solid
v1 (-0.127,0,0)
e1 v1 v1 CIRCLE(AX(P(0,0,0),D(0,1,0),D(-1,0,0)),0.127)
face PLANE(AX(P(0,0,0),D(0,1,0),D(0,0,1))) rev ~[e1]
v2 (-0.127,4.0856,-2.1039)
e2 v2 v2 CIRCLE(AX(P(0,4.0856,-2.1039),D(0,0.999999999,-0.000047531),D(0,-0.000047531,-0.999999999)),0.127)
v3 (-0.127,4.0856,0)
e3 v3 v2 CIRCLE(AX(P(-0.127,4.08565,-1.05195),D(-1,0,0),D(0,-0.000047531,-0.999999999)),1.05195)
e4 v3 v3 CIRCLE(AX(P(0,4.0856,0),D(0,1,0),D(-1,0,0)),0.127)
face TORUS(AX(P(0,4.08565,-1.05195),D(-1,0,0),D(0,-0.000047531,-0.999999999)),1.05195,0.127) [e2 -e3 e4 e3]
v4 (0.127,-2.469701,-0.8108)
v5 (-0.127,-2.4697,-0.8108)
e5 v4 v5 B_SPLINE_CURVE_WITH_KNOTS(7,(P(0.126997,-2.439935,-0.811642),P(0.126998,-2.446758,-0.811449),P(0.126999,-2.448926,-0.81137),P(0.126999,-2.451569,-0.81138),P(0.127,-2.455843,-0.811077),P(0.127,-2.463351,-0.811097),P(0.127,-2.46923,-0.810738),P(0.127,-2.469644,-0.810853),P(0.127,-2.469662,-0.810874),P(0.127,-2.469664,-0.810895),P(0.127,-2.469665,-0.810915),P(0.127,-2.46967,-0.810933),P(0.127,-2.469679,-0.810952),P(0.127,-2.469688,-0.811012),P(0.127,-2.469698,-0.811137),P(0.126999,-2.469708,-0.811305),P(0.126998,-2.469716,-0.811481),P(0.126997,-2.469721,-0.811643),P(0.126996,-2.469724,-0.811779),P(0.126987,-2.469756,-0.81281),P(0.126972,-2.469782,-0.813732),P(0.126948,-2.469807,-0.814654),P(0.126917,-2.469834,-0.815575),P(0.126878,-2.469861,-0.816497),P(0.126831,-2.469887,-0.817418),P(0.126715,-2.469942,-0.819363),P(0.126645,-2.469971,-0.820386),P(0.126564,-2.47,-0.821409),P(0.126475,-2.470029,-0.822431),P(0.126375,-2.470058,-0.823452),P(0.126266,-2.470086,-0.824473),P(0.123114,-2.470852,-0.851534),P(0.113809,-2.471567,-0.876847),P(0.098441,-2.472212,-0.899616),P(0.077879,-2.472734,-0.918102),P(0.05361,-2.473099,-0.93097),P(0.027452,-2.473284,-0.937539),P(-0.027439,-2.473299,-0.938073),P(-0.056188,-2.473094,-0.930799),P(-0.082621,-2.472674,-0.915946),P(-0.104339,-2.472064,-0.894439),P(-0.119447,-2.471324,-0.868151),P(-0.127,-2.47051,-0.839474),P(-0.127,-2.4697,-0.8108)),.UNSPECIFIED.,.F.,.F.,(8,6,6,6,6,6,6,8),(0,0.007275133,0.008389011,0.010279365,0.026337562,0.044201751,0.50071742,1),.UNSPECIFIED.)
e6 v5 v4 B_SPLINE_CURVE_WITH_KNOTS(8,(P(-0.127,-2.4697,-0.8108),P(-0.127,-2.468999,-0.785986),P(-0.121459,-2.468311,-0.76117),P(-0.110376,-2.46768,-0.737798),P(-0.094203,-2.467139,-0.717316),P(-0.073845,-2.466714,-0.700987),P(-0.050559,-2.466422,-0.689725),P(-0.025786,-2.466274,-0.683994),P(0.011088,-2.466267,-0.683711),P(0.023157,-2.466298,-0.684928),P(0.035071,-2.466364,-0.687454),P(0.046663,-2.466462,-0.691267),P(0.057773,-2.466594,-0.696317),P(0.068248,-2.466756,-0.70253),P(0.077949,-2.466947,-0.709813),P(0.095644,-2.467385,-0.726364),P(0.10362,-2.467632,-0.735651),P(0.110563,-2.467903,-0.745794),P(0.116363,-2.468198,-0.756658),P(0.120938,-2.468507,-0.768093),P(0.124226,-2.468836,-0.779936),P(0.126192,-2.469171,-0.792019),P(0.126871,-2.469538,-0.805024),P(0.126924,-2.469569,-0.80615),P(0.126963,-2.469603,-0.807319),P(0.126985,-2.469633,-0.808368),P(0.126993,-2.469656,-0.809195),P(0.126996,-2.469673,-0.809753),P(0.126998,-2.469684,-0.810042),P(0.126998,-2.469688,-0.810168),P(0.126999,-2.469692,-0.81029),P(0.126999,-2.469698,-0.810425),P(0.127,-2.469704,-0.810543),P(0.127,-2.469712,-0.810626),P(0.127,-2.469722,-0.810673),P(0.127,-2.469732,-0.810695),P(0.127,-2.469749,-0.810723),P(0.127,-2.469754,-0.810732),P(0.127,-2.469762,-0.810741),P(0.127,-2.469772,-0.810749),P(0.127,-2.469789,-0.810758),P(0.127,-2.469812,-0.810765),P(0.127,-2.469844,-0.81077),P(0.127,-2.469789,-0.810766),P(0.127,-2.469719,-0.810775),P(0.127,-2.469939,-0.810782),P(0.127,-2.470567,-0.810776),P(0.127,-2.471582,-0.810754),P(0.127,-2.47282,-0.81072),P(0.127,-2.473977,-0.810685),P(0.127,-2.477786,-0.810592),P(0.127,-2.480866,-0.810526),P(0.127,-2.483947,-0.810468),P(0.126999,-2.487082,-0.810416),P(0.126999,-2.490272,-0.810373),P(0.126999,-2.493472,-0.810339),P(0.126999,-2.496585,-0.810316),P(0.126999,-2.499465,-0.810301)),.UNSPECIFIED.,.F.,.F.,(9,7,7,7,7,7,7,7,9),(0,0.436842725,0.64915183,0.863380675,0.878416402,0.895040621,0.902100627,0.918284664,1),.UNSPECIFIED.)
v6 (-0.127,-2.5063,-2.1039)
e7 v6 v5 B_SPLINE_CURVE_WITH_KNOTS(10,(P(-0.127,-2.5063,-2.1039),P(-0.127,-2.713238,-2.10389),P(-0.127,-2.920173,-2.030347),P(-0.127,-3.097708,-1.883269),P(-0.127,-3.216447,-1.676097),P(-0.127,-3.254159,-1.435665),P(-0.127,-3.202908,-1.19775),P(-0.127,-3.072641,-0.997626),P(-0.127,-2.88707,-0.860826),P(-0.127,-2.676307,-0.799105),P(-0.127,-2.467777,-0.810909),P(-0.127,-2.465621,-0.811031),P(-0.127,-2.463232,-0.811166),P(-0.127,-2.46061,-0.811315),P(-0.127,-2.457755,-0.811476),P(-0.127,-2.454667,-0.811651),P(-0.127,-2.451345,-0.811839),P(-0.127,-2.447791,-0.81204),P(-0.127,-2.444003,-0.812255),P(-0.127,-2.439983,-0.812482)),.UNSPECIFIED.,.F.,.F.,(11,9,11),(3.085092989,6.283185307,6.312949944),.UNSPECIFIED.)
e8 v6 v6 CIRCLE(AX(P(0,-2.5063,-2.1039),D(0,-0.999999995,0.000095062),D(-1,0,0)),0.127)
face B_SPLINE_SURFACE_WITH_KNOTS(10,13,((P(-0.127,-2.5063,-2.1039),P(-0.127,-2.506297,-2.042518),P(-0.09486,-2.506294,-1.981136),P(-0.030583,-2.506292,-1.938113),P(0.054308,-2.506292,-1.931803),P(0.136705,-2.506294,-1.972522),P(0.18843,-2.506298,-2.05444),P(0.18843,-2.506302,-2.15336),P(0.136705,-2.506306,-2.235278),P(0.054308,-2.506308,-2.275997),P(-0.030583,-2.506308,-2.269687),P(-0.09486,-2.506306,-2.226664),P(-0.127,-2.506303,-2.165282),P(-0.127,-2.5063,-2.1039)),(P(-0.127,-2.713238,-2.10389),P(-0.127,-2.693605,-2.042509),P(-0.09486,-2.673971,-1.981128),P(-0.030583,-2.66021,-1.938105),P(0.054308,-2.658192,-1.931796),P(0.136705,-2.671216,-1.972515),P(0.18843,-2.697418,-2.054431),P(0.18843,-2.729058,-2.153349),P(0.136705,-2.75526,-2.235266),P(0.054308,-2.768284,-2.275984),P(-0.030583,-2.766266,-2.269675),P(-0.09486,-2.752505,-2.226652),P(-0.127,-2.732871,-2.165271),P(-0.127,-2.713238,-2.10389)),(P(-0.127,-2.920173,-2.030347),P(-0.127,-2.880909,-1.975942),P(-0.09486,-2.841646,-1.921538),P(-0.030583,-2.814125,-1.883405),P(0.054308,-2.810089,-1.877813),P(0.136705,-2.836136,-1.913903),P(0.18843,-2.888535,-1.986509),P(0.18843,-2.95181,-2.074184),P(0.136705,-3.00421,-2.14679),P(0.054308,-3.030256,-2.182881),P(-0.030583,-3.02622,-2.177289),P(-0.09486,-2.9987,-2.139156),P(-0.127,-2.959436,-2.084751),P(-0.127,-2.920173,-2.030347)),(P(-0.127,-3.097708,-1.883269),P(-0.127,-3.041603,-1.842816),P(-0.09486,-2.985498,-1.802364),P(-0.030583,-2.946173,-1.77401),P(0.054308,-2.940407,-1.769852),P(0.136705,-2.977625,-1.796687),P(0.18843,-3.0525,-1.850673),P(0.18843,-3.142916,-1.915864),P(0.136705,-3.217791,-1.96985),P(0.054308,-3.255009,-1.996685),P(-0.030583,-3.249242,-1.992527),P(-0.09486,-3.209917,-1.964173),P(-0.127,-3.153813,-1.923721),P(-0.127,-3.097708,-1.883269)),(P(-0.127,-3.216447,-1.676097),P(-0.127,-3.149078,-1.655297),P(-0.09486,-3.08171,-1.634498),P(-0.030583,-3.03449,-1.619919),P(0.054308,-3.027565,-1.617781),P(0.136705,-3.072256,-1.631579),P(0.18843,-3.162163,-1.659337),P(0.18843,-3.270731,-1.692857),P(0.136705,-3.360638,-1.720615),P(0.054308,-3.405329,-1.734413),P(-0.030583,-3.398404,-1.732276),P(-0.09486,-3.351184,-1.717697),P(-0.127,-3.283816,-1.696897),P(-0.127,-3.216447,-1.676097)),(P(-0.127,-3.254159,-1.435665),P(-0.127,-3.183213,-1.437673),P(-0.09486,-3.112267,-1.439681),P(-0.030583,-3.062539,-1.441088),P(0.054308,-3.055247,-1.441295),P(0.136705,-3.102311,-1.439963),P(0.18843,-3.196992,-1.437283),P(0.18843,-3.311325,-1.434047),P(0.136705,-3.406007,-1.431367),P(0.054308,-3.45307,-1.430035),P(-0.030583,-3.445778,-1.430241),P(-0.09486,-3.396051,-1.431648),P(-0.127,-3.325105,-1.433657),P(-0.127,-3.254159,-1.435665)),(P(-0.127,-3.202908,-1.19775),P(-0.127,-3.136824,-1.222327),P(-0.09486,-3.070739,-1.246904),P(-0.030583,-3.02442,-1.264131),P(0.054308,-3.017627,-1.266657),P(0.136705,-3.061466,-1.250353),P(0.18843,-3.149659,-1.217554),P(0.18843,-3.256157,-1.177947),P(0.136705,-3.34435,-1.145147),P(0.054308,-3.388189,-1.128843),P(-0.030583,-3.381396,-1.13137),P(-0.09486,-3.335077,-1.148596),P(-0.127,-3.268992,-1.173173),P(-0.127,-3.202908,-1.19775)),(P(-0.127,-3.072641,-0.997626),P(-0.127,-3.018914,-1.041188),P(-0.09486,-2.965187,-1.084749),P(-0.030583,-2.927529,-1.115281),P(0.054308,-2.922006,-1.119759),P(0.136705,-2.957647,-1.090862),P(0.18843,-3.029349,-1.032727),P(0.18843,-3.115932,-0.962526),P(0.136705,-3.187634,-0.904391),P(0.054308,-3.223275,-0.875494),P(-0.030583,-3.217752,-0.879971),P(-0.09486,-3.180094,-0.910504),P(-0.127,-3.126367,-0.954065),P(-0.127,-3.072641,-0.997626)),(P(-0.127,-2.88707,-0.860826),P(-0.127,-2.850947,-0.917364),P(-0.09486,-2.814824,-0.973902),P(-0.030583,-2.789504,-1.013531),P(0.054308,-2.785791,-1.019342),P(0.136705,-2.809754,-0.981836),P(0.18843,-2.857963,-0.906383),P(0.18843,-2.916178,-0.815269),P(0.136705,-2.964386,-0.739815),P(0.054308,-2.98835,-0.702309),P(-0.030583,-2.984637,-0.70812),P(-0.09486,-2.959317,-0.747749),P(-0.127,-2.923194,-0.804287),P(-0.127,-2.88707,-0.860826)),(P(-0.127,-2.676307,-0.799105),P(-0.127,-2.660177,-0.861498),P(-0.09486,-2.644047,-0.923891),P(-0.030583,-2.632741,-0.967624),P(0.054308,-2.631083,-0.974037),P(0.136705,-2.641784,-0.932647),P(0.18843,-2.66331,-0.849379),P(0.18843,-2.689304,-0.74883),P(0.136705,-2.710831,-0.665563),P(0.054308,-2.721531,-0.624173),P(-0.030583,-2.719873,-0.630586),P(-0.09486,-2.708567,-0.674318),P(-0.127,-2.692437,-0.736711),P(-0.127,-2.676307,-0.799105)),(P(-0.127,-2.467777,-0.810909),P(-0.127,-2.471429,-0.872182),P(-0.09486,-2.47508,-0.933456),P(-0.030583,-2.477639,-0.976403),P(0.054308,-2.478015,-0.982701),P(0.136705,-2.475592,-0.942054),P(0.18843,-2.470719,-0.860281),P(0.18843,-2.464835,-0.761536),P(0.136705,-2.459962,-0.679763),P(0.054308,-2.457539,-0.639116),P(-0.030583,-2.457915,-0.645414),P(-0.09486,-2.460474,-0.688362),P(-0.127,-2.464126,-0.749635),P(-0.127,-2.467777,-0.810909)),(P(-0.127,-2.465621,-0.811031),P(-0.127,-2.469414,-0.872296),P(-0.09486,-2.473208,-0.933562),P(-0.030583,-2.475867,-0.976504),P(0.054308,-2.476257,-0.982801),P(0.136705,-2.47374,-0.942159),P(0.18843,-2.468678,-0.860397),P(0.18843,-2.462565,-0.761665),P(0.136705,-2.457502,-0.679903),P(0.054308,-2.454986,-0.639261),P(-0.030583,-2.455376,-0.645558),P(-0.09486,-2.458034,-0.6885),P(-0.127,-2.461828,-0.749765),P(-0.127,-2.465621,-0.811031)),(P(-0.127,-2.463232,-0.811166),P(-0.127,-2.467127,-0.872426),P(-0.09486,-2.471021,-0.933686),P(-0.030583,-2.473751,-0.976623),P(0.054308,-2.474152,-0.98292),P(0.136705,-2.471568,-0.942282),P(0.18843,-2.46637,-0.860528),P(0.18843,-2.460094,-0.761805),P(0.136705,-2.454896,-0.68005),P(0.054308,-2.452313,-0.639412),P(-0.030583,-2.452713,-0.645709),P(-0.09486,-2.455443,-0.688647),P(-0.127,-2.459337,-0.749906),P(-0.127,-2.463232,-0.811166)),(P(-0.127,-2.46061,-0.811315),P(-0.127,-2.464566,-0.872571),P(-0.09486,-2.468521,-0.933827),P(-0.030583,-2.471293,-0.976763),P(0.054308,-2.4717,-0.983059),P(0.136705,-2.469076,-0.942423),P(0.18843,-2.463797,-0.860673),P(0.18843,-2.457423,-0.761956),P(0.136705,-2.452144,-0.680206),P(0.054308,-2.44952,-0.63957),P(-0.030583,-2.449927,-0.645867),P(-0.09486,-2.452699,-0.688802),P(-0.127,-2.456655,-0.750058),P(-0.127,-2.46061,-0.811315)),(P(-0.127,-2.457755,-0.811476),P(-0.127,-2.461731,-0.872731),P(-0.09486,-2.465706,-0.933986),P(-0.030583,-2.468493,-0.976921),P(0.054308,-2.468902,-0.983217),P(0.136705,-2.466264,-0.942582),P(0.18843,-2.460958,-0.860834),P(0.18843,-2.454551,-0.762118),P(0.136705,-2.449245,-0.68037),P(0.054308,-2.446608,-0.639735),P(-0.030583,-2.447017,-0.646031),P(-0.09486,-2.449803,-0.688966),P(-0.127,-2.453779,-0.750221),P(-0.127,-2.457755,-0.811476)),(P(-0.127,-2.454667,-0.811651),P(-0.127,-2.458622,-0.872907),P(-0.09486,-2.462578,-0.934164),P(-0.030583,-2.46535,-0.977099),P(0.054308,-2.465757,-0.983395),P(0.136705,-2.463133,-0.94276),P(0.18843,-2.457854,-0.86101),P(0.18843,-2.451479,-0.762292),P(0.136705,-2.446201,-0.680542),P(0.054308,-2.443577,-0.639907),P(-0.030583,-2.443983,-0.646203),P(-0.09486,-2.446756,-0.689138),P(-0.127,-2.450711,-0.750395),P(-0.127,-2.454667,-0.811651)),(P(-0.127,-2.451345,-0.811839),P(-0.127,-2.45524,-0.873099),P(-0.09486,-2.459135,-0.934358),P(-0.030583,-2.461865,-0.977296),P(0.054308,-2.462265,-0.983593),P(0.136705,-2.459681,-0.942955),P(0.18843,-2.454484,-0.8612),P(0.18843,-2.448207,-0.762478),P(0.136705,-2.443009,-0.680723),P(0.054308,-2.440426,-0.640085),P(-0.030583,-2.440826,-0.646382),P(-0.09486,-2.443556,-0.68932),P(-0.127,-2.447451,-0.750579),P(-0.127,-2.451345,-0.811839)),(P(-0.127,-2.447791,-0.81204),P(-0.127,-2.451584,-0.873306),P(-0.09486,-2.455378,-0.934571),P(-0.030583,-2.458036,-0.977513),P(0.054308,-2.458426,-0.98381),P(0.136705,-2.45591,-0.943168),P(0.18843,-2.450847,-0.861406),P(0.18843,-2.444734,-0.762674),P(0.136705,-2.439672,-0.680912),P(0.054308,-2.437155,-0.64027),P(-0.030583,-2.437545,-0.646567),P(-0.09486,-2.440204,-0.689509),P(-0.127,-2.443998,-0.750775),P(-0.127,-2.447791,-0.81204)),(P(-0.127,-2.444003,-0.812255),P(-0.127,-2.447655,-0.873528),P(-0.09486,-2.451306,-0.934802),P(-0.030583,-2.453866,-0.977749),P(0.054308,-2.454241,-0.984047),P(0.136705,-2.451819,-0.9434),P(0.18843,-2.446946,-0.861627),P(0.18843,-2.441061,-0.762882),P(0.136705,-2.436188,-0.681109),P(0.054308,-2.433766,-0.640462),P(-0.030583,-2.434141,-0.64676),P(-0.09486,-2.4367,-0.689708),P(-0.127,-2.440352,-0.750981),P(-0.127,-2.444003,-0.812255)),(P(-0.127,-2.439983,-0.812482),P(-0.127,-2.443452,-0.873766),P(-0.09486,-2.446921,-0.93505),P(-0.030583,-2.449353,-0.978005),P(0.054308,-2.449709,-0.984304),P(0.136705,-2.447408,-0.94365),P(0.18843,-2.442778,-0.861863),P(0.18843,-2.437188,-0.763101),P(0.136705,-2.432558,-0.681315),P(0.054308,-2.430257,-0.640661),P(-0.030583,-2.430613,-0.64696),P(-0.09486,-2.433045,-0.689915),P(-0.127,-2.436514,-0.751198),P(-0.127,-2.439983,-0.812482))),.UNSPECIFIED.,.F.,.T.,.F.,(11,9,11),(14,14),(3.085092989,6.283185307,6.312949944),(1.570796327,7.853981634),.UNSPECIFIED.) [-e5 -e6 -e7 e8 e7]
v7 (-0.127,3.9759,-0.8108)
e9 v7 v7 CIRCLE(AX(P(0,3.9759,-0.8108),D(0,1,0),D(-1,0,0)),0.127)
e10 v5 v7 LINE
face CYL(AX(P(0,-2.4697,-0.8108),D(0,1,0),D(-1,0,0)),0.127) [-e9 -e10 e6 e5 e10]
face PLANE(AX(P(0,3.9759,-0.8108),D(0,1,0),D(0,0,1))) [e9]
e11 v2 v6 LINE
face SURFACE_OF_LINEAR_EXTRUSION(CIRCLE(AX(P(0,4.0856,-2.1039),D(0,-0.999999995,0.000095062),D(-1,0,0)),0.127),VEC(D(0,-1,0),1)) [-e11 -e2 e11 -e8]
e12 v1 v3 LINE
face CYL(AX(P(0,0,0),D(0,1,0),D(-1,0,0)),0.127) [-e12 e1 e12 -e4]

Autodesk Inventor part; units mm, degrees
ref_plane "YZ Plane" through (0, 0, 0) normal (1, 0, 0) x (0, 1, 0)
ref_plane "XZ Plane" through (0, 0, 0) normal (0, 1, 0) x (-1, 0, 0)
ref_plane "XY Plane" through (0, 0, 0) normal (0, 0, 1) x (1, 0, 0)
sketch "Sketch7" plane through (0, 0, 0) normal (0, 1, 0) x (-1, 0, 0)
  circle A0 centre (0, 0) radius 0.127
  dimension "d2" = 0.254
sketch "Sketch8" plane through (0, 0, 0) normal (1, 0, 0) x (0, 1, 0)
  line L0 (0, 0) -> (4.0856, 0)
  arc A0 (4.0856, -2.1039) -> (4.0856, 0) centre (4.0856, -1.0519) ccw
  line L1 (4.0856, -2.1039) -> (-2.5063, -2.1039)
  arc A1 (-2.4697, -0.8108) -> (-2.5063, -2.1039) centre (-2.5063, -1.4568) ccw
  line L2 (-2.4697, -0.8108) -> (3.9759, -0.8108)
sweep "Sweep1" add profiles "Sketch7" path "Sketch8"
properties part number "Paperclip"
